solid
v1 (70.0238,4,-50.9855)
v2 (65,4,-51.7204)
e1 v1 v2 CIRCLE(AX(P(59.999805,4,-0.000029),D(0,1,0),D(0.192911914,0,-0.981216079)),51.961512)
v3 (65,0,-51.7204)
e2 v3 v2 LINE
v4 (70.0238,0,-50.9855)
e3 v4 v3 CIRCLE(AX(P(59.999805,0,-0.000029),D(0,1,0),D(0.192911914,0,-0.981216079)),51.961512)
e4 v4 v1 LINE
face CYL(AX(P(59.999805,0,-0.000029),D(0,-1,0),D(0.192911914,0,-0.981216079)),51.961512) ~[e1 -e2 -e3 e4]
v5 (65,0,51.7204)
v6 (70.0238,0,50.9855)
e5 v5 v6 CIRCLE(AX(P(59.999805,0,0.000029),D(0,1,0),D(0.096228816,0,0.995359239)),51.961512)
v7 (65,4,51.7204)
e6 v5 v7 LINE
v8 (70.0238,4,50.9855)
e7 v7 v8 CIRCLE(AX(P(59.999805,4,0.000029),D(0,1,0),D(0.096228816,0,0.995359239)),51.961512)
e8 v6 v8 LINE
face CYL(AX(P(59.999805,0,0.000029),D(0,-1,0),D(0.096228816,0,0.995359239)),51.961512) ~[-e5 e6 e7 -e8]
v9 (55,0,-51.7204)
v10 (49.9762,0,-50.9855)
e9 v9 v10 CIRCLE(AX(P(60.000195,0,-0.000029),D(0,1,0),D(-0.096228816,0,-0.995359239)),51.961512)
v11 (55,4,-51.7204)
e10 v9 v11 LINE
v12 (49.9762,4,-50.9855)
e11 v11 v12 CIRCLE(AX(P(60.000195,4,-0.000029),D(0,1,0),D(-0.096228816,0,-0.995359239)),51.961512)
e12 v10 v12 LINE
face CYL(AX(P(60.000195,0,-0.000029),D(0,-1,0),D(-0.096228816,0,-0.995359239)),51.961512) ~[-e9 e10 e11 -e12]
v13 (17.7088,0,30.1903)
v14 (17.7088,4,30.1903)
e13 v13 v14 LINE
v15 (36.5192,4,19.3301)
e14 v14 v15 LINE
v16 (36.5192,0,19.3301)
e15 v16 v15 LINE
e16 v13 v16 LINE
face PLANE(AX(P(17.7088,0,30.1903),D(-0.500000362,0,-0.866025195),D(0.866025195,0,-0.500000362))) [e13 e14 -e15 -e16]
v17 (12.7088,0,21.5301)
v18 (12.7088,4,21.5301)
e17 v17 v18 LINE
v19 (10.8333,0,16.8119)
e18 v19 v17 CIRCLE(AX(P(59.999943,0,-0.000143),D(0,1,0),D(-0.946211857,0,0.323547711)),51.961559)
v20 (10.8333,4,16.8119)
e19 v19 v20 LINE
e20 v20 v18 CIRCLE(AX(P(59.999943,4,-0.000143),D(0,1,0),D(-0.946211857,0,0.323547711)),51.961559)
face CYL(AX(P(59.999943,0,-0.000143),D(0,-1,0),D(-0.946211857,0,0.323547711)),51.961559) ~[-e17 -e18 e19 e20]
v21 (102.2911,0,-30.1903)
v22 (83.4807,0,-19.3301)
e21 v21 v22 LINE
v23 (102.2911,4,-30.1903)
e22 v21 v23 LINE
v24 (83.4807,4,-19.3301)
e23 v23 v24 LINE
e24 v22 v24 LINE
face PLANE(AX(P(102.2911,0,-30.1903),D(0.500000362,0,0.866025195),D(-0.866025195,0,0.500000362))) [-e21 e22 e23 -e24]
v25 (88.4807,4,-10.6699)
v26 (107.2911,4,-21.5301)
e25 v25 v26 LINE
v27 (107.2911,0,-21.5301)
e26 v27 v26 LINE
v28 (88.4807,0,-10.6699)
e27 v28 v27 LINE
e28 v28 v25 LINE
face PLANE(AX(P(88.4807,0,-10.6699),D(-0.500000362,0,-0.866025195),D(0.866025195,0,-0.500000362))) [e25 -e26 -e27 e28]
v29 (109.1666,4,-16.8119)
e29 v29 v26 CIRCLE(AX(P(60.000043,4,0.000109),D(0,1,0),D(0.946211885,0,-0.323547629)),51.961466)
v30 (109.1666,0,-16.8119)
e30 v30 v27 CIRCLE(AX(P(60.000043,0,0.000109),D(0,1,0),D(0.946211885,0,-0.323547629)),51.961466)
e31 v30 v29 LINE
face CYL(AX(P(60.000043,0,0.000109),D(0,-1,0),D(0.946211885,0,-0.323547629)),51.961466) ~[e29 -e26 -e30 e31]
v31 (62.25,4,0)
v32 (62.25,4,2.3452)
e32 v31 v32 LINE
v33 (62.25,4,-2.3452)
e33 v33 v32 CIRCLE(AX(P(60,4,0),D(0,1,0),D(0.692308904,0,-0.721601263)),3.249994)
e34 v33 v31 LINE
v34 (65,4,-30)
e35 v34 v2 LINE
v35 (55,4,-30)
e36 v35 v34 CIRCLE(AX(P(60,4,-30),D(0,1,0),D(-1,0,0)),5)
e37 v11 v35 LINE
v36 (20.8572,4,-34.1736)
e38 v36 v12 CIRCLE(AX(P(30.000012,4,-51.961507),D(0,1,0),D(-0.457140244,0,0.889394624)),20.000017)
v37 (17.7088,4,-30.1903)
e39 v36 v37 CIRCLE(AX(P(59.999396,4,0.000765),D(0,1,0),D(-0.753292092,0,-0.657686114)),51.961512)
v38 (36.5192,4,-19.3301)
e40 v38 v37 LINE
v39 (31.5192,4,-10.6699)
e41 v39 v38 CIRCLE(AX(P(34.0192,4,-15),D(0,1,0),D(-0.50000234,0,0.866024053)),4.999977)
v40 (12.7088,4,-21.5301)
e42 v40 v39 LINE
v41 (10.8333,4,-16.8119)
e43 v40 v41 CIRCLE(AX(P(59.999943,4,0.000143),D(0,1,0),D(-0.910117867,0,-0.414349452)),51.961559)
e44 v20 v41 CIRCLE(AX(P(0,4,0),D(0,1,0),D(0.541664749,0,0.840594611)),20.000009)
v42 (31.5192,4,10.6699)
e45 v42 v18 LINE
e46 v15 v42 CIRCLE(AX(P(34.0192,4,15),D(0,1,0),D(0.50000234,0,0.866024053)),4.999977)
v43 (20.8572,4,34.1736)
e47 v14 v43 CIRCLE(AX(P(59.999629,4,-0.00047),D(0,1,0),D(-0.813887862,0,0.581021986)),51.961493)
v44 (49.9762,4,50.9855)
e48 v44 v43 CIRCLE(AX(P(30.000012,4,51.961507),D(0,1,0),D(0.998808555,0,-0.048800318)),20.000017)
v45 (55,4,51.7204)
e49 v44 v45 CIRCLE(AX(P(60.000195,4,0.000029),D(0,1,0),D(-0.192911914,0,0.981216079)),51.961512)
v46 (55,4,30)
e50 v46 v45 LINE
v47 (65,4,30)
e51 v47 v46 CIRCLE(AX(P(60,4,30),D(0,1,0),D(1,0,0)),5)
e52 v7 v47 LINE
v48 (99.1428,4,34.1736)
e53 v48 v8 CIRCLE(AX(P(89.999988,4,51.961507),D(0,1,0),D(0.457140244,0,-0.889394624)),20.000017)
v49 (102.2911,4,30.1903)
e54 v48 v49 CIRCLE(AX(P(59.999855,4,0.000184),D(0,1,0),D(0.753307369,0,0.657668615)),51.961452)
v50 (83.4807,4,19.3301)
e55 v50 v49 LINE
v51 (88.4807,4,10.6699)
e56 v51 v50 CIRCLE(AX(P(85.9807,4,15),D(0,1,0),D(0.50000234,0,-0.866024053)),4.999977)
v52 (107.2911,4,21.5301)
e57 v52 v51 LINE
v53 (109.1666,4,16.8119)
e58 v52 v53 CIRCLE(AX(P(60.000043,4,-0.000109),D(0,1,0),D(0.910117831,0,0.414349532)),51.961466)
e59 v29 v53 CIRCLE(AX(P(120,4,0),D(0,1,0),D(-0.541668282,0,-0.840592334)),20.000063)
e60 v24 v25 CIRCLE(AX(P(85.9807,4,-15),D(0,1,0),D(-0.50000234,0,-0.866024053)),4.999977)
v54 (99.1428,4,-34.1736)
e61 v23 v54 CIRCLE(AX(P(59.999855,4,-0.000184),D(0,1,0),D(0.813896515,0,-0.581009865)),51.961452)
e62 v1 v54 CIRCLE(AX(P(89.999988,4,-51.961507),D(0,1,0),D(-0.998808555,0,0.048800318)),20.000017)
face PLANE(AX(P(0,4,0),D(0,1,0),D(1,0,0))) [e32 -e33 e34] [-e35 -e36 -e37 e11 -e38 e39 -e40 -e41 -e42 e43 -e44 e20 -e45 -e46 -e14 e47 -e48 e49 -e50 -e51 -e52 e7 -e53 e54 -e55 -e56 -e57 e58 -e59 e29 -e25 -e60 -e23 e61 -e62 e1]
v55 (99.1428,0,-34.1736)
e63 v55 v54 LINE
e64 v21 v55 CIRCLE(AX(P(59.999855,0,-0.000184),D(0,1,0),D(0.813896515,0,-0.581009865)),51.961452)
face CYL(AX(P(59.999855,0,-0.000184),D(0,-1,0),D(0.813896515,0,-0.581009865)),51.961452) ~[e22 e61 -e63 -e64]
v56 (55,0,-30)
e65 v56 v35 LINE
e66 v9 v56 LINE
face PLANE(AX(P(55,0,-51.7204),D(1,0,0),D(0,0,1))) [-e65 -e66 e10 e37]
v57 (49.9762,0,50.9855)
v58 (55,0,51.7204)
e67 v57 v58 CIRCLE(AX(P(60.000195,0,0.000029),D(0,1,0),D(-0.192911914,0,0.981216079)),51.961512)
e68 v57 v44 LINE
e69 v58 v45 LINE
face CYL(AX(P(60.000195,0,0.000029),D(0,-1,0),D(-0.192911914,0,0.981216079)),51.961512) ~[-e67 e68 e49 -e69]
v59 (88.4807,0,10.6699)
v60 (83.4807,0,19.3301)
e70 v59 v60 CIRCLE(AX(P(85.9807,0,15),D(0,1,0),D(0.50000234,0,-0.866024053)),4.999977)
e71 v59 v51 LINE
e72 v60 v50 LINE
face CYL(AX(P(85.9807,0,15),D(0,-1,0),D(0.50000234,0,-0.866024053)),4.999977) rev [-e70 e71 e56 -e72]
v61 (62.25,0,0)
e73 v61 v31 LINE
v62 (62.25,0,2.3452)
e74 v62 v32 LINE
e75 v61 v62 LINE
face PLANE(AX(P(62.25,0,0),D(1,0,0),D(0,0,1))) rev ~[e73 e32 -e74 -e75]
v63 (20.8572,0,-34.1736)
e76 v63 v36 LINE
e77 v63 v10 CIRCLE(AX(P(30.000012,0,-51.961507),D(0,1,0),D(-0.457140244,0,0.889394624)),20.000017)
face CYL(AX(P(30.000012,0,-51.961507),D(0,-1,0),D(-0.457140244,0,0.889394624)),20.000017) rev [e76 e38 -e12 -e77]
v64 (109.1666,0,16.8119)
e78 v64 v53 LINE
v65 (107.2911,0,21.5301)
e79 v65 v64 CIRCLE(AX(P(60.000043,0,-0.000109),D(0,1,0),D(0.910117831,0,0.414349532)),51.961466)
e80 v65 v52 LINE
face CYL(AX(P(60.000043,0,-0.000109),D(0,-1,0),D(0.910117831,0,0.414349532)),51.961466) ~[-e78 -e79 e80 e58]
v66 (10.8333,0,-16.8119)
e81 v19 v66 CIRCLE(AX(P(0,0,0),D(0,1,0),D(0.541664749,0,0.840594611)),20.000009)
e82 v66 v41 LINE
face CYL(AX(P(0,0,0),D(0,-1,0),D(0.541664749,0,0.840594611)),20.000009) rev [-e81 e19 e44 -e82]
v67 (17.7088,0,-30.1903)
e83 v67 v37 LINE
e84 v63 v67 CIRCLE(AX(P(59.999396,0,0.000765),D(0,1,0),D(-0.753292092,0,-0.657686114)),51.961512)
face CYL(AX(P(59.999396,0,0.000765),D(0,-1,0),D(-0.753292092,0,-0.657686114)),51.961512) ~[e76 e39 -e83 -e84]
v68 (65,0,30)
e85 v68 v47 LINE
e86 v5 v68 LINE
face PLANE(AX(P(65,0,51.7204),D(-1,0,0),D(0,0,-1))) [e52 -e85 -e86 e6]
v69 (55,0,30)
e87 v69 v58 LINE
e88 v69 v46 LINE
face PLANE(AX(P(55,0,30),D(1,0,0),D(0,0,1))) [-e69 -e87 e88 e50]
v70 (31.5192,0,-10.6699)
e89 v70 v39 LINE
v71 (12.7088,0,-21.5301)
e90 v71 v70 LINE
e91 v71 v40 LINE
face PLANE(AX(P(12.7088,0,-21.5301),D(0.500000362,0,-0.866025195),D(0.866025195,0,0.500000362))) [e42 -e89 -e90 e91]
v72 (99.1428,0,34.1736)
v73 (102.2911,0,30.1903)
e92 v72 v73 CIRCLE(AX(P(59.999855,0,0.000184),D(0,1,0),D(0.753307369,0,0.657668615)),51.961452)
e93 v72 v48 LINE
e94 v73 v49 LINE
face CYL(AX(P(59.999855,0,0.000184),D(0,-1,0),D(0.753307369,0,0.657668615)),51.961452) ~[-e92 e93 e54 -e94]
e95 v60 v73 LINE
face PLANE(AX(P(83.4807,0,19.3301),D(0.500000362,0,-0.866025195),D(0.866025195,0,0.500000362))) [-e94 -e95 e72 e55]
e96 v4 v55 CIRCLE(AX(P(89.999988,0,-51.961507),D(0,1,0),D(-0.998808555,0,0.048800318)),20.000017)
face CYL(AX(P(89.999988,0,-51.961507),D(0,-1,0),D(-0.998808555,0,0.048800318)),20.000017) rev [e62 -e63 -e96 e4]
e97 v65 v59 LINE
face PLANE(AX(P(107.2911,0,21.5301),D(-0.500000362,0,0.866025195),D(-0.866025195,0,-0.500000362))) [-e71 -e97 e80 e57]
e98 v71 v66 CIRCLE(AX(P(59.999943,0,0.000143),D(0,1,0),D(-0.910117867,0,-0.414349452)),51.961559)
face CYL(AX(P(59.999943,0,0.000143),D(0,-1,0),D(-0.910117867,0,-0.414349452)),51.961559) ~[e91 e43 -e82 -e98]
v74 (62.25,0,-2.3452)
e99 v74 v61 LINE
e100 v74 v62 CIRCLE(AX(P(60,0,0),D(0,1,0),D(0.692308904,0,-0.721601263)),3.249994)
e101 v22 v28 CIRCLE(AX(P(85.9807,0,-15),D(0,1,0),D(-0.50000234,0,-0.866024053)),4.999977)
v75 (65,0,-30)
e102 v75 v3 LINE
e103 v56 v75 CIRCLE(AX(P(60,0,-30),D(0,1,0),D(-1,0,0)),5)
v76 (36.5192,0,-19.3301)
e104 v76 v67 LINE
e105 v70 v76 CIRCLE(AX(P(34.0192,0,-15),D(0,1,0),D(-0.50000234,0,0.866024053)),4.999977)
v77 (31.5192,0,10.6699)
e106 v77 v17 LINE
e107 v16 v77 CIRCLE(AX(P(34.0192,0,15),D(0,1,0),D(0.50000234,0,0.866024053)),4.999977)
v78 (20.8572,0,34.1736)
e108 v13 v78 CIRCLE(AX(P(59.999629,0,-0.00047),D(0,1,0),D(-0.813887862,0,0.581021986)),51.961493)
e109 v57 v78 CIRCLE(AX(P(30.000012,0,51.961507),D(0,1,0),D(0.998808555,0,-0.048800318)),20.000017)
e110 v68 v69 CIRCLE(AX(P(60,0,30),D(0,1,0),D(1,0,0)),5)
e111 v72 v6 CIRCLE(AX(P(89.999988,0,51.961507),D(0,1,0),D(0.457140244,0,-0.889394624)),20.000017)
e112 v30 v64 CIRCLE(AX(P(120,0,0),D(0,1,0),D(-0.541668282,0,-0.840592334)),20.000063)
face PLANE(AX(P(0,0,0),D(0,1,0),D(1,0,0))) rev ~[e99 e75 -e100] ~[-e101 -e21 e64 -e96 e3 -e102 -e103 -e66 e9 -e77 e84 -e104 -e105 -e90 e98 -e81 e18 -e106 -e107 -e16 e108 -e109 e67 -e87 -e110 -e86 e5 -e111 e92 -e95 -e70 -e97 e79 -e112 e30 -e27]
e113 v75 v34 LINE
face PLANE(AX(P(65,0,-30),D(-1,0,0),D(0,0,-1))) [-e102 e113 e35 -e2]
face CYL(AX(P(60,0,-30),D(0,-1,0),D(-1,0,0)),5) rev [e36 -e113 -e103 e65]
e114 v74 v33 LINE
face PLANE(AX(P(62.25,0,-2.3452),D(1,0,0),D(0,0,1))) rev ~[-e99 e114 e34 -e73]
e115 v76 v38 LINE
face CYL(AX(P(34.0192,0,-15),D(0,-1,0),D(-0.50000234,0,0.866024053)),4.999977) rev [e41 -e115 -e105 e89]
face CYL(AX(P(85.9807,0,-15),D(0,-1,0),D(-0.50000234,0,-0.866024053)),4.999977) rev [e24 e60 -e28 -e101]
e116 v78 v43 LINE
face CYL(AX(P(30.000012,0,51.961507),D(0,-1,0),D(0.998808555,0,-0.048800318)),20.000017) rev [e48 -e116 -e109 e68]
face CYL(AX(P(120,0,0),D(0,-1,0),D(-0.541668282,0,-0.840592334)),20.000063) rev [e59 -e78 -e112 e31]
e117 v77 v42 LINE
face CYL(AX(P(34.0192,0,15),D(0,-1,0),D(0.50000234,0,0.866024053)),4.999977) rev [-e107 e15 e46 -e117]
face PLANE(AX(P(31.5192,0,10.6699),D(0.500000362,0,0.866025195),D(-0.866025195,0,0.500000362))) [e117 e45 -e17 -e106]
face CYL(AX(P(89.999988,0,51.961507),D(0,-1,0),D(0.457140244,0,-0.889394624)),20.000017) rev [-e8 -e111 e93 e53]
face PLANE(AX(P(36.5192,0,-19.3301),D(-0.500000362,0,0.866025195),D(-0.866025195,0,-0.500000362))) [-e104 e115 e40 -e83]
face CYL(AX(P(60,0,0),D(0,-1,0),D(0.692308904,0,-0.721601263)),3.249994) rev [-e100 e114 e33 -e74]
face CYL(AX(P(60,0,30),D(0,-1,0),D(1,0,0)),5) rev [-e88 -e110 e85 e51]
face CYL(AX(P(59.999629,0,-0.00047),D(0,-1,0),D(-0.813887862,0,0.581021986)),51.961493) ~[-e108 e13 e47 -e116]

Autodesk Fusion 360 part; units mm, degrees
sketch "Sketch1" plane through (0, 0, 0) normal (0, 1, 0) x (1, 0, 0)
  line L0 (36.5192, 19.3301) -> (17.7088, 30.1903)
  line L1 (12.7088, 21.5301) -> (31.5192, 10.6699)
  arc A0 (31.5192, 10.6699) -> (36.5192, 19.3301) centre (34.0192, 15) ccw
  arc A1 (10.8333, -16.8119) -> (10.8333, 16.8119) centre (0, 0) ccw
  arc A2 (31.5192, 10.6699) -> (36.5192, 19.3301) centre (34.0192, 15) ccw
  arc A3 (12.7088, 21.5301) -> (10.8333, 16.8119) centre (60, 0) ccw
  line L2 (31.5192, -10.6699) -> (12.7088, -21.5301)
  arc A4 (36.5192, -19.3301) -> (31.5192, -10.6699) centre (34.0192, -15) ccw
  line L3 (17.7088, -30.1903) -> (36.5192, -19.3301)
  arc A5 (49.9762, -50.9855) -> (20.8572, -34.1736) centre (30, -51.9615) ccw
  line L4 (55, -30) -> (55, -51.7204)
  arc A6 (65, -30) -> (55, -30) centre (60, -30) ccw
  line L5 (65, -51.7204) -> (65, -30)
  arc A7 (99.1428, -34.1736) -> (70.0238, -50.9855) centre (90, -51.9615) ccw
  line L6 (83.4807, -19.3301) -> (102.2911, -30.1903)
  arc A8 (88.4807, -10.6699) -> (83.4807, -19.3301) centre (85.9807, -15) ccw
  line L7 (107.2911, -21.5301) -> (88.4807, -10.6699)
  arc A9 (109.1666, 16.8119) -> (109.1666, -16.8119) centre (120, 0) ccw
  line L8 (88.4807, 10.6699) -> (107.2911, 21.5301)
  arc A10 (83.4807, 19.3301) -> (88.4807, 10.6699) centre (85.9807, 15) ccw
  line L9 (102.2911, 30.1903) -> (83.4807, 19.3301)
  arc A11 (70.0238, 50.9855) -> (99.1428, 34.1736) centre (90, 51.9615) ccw
  line L10 (65, 30) -> (65, 51.7204)
  arc A12 (55, 30) -> (65, 30) centre (60, 30) ccw
  line L11 (55, 51.7204) -> (55, 30)
  arc A13 (20.8572, 34.1736) -> (49.9762, 50.9855) centre (30, 51.9615) ccw
  arc A14 (55, 51.7204) -> (49.9762, 50.9855) centre (60, 0) ccw
  arc A15 (20.8572, 34.1736) -> (17.7054, 30.1856) centre (60, 0) ccw
  arc A16 (70.0238, 50.9855) -> (65, 51.7204) centre (60, 0) ccw
  arc A17 (102.2911, 30.1903) -> (99.1428, 34.1736) centre (60, 0) ccw
  arc A18 (109.1666, 16.8119) -> (107.2911, 21.5301) centre (60, 0) ccw
  arc A19 (107.2911, -21.5301) -> (109.1666, -16.8119) centre (60, 0) ccw
  arc A20 (99.1428, -34.1736) -> (102.2911, -30.1903) centre (60, 0) ccw
  arc A21 (65, -51.7204) -> (70.0238, -50.9855) centre (60, 0) ccw
  arc A22 (49.9762, -50.9855) -> (55, -51.7204) centre (60, 0) ccw
  arc A23 (10.8333, -16.8119) -> (12.7088, -21.5301) centre (60, 0) ccw
  arc A24 (17.7088, -30.1903) -> (20.8572, -34.1736) centre (60, 0) ccw
  line L12 (60, 0) -> (62.25, 0)
  line L13 (62.25, 2.3452) -> (62.25, -2.3452)
  arc A25 (62.25, 2.3452) -> (62.25, -2.3452) centre (60, 0) ccw
  dimension "d5" = 360
extrude "Extrude1" add sketch "Sketch1" along normal blind 4
